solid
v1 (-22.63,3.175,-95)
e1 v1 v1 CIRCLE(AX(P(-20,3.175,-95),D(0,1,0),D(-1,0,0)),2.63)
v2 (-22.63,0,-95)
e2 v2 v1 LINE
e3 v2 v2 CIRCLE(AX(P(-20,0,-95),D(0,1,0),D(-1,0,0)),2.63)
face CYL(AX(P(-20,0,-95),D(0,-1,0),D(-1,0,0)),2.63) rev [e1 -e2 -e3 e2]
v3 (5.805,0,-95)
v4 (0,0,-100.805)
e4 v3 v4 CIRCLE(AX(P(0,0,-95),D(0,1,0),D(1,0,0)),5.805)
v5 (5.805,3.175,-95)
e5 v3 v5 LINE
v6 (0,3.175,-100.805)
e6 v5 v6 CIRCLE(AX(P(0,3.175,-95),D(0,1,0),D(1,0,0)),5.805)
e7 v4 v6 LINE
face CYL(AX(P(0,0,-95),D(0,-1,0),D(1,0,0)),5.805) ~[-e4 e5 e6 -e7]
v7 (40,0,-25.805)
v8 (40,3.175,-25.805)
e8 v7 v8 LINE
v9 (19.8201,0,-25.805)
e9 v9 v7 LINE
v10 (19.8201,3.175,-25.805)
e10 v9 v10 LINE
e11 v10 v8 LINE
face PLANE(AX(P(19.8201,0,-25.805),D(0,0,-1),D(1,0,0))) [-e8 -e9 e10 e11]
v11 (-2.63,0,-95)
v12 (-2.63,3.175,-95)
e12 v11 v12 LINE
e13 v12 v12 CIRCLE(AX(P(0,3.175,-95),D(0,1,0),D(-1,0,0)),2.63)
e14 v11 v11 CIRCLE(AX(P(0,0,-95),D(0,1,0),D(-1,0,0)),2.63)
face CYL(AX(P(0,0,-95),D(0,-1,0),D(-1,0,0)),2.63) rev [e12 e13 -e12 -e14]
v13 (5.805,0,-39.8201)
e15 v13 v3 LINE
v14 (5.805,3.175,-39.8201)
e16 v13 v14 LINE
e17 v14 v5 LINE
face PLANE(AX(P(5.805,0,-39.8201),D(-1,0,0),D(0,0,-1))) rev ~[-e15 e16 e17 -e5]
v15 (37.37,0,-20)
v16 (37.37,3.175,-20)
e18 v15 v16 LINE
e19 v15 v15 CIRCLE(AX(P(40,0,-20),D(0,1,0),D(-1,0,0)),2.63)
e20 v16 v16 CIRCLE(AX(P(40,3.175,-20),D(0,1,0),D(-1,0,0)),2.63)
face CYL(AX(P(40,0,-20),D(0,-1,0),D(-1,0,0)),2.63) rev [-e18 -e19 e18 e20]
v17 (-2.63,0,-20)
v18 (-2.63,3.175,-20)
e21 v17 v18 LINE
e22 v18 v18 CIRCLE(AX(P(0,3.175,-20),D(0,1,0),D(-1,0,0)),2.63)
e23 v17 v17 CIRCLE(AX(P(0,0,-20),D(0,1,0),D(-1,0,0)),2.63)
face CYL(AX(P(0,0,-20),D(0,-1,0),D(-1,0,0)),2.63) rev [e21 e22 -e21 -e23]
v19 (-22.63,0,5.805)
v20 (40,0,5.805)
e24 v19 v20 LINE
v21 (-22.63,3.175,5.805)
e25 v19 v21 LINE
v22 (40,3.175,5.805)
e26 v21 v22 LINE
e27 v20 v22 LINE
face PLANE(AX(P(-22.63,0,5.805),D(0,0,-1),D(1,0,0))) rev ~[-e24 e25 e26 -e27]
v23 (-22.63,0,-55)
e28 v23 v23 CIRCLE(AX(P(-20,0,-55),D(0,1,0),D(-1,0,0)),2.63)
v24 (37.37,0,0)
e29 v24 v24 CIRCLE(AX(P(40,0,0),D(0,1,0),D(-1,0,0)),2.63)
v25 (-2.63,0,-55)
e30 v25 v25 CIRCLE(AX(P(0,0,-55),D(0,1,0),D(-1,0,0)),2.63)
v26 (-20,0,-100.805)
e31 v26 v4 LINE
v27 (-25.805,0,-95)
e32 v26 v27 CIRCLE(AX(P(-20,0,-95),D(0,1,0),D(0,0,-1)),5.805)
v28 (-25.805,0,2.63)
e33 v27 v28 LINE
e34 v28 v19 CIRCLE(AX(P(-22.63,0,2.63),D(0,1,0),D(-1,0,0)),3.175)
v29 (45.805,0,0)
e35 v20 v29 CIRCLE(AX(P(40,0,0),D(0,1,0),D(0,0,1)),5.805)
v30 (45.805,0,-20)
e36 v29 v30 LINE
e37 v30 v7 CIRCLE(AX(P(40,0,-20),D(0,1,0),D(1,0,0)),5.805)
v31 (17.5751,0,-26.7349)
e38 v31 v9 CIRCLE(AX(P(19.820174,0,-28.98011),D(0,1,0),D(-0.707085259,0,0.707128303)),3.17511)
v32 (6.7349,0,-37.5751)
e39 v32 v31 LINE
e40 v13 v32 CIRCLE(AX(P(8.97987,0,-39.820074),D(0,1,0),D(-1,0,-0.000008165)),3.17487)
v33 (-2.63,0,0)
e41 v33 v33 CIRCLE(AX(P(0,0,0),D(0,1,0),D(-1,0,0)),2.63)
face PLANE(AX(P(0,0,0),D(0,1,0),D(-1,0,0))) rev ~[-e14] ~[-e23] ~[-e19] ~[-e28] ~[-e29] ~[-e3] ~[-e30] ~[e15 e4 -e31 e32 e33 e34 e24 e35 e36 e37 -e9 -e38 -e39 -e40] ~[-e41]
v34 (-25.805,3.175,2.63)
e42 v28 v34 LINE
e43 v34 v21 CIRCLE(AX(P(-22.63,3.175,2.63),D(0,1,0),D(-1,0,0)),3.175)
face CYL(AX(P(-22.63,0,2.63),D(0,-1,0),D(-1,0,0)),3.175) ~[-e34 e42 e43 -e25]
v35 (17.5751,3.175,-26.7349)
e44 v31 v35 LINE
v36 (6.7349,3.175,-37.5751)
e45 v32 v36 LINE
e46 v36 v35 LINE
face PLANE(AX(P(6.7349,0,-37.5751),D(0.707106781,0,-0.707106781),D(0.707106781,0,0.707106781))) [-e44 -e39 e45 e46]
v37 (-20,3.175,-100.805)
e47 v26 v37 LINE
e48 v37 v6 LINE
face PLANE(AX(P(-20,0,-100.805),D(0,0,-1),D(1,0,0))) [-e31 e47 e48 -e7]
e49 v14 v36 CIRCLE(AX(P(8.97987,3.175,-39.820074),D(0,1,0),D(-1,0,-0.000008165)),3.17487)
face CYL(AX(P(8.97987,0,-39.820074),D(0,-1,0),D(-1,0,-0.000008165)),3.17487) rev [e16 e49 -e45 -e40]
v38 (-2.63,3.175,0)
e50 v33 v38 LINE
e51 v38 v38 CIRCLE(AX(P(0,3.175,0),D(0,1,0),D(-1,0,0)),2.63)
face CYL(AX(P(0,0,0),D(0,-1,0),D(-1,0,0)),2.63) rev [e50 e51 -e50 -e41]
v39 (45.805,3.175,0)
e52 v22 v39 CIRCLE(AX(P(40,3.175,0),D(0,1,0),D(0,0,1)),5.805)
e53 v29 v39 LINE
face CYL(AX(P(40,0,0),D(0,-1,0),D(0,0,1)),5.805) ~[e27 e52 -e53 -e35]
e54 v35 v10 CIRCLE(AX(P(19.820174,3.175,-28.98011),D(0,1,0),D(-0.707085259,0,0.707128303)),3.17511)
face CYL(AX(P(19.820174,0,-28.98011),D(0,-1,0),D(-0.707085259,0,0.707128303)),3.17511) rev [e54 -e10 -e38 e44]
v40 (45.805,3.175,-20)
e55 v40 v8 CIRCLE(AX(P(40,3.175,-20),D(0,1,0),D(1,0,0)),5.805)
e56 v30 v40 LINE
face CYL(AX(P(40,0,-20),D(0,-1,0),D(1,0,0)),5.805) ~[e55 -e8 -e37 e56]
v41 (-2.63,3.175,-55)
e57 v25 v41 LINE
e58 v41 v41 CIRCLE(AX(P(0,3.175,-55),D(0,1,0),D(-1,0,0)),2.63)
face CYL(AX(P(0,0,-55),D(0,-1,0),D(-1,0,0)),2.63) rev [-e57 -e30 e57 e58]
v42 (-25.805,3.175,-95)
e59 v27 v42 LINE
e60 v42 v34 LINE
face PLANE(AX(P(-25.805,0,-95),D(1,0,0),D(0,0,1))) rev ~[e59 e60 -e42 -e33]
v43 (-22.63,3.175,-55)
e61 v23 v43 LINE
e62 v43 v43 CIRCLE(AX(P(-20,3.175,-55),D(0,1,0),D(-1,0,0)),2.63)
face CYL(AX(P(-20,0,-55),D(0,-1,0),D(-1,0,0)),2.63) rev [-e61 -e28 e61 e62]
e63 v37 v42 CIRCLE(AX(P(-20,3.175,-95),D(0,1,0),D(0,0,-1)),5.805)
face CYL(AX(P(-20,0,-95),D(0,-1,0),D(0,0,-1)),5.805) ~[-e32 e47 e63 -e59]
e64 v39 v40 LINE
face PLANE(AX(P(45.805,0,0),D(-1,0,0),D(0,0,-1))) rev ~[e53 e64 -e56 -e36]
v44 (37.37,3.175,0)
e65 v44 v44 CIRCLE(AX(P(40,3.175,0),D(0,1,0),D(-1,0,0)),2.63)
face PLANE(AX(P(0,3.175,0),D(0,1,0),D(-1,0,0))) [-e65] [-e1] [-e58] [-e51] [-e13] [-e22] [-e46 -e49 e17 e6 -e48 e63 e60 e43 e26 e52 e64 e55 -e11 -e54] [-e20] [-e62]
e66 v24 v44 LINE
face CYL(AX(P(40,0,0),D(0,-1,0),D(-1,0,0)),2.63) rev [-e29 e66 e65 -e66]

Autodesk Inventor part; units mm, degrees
ref_plane "YZ Plane" through (0, 0, 0) normal (1, 0, 0) x (0, 1, 0)
ref_plane "XZ Plane" through (0, 0, 0) normal (0, 1, 0) x (-1, 0, 0)
ref_plane "XY Plane" through (0, 0, 0) normal (0, 0, 1) x (1, 0, 0)
sketch "Sketch1" plane through (0, 0, 0) normal (0, 1, 0) x (-1, 0, 0)
  circle A0 centre (0, 0) radius 2.63
  line L0 (0, 0) -> (0, -2.63) construction
  line L1 (0, 0) -> (-2.63, 0) construction
  circle A1 centre (0, -20) radius 2.63
  circle A2 centre (-20, 0) radius 2.63 construction
  circle A3 centre (-20, -20) radius 2.63 construction
  circle A4 centre (-40, 0) radius 2.63
  circle A5 centre (-40, -20) radius 2.63
  circle A6 centre (0, -55) radius 2.63
  circle A7 centre (20, -55) radius 2.63
  circle A8 centre (20, -95) radius 2.63
  circle A9 centre (0, -95) radius 2.63
  circle A10 centre (0, 0) radius 5.805 construction
  circle A11 centre (20, -55) radius 5.805 construction
  circle A12 centre (0, -55) radius 5.805 construction
  circle A13 centre (20, -95) radius 5.805 construction
  circle A14 centre (0, -95) radius 5.805 construction
  circle A15 centre (-40, -20) radius 5.805 construction
  circle A16 centre (-40, 0) radius 5.805 construction
  line L2 (25.805, -95) -> (25.805, 2.63)
  line L3 (22.63, 5.805) -> (-40, 5.805)
  line L4 (-45.805, 0) -> (-45.805, -20)
  line L5 (-19.8201, -25.805) -> (-40, -25.805)
  circle A17 centre (-20, -20) radius 5.805 construction
  line L6 (-5.805, -39.8201) -> (-5.805, -95)
  line L7 (20, -100.805) -> (0, -100.805)
  arc A18 (20, -100.805) -> (25.805, -95) centre (20, -95) ccw
  arc A19 (-5.805, -95) -> (0, -100.805) centre (0, -95) ccw
  arc A20 (-45.805, -20) -> (-40, -25.805) centre (-40, -20) ccw
  arc A21 (-40, 5.805) -> (-45.805, 0) centre (-40, 0) ccw
  line L8 (-6.7349, -37.5751) -> (-17.5751, -26.7349)
  arc A22 (-5.805, -39.8201) -> (-6.7349, -37.5751) centre (-8.98, -39.8201) ccw
  arc A23 (-17.5751, -26.7349) -> (-19.8201, -25.805) centre (-19.8201, -28.98) ccw
  arc A24 (25.805, 2.63) -> (22.63, 5.805) centre (22.63, 2.63) ccw
  point P0 (0, -22.63)
  point P1 (-2.63, -20)
  point P2 (-20, -2.63)
  point P3 (-22.63, 0)
  point P4 (-20, -22.63)
  point P5 (-22.63, -20)
  point P6 (-40, -2.63)
  point P7 (-42.63, 0)
  point P8 (-40, -22.63)
  point P9 (-42.63, -20)
  point P10 (-5.805, -25.805)
  point P11 (-5.805, -38.505)
  point P12 (-18.505, -25.805)
  dimension "d0" = 5.26
  dimension "d3" = 20
  dimension "d6" = 20
  dimension "d10" = 20
  dimension "d12" = 75
  dimension "d13" = 40
  dimension "d14" = 3.175
  dimension "d16" = 12.7
  dimension "d17" = 12.7
  dimension "d18" = 3.175
extrude "Extrusion1" add sketch "Sketch1" along normal blind 3.175
equation "\"d17\" = d16"
properties part number "CNC-013-ZAxisMainMount" material "Aluminum 6061"
